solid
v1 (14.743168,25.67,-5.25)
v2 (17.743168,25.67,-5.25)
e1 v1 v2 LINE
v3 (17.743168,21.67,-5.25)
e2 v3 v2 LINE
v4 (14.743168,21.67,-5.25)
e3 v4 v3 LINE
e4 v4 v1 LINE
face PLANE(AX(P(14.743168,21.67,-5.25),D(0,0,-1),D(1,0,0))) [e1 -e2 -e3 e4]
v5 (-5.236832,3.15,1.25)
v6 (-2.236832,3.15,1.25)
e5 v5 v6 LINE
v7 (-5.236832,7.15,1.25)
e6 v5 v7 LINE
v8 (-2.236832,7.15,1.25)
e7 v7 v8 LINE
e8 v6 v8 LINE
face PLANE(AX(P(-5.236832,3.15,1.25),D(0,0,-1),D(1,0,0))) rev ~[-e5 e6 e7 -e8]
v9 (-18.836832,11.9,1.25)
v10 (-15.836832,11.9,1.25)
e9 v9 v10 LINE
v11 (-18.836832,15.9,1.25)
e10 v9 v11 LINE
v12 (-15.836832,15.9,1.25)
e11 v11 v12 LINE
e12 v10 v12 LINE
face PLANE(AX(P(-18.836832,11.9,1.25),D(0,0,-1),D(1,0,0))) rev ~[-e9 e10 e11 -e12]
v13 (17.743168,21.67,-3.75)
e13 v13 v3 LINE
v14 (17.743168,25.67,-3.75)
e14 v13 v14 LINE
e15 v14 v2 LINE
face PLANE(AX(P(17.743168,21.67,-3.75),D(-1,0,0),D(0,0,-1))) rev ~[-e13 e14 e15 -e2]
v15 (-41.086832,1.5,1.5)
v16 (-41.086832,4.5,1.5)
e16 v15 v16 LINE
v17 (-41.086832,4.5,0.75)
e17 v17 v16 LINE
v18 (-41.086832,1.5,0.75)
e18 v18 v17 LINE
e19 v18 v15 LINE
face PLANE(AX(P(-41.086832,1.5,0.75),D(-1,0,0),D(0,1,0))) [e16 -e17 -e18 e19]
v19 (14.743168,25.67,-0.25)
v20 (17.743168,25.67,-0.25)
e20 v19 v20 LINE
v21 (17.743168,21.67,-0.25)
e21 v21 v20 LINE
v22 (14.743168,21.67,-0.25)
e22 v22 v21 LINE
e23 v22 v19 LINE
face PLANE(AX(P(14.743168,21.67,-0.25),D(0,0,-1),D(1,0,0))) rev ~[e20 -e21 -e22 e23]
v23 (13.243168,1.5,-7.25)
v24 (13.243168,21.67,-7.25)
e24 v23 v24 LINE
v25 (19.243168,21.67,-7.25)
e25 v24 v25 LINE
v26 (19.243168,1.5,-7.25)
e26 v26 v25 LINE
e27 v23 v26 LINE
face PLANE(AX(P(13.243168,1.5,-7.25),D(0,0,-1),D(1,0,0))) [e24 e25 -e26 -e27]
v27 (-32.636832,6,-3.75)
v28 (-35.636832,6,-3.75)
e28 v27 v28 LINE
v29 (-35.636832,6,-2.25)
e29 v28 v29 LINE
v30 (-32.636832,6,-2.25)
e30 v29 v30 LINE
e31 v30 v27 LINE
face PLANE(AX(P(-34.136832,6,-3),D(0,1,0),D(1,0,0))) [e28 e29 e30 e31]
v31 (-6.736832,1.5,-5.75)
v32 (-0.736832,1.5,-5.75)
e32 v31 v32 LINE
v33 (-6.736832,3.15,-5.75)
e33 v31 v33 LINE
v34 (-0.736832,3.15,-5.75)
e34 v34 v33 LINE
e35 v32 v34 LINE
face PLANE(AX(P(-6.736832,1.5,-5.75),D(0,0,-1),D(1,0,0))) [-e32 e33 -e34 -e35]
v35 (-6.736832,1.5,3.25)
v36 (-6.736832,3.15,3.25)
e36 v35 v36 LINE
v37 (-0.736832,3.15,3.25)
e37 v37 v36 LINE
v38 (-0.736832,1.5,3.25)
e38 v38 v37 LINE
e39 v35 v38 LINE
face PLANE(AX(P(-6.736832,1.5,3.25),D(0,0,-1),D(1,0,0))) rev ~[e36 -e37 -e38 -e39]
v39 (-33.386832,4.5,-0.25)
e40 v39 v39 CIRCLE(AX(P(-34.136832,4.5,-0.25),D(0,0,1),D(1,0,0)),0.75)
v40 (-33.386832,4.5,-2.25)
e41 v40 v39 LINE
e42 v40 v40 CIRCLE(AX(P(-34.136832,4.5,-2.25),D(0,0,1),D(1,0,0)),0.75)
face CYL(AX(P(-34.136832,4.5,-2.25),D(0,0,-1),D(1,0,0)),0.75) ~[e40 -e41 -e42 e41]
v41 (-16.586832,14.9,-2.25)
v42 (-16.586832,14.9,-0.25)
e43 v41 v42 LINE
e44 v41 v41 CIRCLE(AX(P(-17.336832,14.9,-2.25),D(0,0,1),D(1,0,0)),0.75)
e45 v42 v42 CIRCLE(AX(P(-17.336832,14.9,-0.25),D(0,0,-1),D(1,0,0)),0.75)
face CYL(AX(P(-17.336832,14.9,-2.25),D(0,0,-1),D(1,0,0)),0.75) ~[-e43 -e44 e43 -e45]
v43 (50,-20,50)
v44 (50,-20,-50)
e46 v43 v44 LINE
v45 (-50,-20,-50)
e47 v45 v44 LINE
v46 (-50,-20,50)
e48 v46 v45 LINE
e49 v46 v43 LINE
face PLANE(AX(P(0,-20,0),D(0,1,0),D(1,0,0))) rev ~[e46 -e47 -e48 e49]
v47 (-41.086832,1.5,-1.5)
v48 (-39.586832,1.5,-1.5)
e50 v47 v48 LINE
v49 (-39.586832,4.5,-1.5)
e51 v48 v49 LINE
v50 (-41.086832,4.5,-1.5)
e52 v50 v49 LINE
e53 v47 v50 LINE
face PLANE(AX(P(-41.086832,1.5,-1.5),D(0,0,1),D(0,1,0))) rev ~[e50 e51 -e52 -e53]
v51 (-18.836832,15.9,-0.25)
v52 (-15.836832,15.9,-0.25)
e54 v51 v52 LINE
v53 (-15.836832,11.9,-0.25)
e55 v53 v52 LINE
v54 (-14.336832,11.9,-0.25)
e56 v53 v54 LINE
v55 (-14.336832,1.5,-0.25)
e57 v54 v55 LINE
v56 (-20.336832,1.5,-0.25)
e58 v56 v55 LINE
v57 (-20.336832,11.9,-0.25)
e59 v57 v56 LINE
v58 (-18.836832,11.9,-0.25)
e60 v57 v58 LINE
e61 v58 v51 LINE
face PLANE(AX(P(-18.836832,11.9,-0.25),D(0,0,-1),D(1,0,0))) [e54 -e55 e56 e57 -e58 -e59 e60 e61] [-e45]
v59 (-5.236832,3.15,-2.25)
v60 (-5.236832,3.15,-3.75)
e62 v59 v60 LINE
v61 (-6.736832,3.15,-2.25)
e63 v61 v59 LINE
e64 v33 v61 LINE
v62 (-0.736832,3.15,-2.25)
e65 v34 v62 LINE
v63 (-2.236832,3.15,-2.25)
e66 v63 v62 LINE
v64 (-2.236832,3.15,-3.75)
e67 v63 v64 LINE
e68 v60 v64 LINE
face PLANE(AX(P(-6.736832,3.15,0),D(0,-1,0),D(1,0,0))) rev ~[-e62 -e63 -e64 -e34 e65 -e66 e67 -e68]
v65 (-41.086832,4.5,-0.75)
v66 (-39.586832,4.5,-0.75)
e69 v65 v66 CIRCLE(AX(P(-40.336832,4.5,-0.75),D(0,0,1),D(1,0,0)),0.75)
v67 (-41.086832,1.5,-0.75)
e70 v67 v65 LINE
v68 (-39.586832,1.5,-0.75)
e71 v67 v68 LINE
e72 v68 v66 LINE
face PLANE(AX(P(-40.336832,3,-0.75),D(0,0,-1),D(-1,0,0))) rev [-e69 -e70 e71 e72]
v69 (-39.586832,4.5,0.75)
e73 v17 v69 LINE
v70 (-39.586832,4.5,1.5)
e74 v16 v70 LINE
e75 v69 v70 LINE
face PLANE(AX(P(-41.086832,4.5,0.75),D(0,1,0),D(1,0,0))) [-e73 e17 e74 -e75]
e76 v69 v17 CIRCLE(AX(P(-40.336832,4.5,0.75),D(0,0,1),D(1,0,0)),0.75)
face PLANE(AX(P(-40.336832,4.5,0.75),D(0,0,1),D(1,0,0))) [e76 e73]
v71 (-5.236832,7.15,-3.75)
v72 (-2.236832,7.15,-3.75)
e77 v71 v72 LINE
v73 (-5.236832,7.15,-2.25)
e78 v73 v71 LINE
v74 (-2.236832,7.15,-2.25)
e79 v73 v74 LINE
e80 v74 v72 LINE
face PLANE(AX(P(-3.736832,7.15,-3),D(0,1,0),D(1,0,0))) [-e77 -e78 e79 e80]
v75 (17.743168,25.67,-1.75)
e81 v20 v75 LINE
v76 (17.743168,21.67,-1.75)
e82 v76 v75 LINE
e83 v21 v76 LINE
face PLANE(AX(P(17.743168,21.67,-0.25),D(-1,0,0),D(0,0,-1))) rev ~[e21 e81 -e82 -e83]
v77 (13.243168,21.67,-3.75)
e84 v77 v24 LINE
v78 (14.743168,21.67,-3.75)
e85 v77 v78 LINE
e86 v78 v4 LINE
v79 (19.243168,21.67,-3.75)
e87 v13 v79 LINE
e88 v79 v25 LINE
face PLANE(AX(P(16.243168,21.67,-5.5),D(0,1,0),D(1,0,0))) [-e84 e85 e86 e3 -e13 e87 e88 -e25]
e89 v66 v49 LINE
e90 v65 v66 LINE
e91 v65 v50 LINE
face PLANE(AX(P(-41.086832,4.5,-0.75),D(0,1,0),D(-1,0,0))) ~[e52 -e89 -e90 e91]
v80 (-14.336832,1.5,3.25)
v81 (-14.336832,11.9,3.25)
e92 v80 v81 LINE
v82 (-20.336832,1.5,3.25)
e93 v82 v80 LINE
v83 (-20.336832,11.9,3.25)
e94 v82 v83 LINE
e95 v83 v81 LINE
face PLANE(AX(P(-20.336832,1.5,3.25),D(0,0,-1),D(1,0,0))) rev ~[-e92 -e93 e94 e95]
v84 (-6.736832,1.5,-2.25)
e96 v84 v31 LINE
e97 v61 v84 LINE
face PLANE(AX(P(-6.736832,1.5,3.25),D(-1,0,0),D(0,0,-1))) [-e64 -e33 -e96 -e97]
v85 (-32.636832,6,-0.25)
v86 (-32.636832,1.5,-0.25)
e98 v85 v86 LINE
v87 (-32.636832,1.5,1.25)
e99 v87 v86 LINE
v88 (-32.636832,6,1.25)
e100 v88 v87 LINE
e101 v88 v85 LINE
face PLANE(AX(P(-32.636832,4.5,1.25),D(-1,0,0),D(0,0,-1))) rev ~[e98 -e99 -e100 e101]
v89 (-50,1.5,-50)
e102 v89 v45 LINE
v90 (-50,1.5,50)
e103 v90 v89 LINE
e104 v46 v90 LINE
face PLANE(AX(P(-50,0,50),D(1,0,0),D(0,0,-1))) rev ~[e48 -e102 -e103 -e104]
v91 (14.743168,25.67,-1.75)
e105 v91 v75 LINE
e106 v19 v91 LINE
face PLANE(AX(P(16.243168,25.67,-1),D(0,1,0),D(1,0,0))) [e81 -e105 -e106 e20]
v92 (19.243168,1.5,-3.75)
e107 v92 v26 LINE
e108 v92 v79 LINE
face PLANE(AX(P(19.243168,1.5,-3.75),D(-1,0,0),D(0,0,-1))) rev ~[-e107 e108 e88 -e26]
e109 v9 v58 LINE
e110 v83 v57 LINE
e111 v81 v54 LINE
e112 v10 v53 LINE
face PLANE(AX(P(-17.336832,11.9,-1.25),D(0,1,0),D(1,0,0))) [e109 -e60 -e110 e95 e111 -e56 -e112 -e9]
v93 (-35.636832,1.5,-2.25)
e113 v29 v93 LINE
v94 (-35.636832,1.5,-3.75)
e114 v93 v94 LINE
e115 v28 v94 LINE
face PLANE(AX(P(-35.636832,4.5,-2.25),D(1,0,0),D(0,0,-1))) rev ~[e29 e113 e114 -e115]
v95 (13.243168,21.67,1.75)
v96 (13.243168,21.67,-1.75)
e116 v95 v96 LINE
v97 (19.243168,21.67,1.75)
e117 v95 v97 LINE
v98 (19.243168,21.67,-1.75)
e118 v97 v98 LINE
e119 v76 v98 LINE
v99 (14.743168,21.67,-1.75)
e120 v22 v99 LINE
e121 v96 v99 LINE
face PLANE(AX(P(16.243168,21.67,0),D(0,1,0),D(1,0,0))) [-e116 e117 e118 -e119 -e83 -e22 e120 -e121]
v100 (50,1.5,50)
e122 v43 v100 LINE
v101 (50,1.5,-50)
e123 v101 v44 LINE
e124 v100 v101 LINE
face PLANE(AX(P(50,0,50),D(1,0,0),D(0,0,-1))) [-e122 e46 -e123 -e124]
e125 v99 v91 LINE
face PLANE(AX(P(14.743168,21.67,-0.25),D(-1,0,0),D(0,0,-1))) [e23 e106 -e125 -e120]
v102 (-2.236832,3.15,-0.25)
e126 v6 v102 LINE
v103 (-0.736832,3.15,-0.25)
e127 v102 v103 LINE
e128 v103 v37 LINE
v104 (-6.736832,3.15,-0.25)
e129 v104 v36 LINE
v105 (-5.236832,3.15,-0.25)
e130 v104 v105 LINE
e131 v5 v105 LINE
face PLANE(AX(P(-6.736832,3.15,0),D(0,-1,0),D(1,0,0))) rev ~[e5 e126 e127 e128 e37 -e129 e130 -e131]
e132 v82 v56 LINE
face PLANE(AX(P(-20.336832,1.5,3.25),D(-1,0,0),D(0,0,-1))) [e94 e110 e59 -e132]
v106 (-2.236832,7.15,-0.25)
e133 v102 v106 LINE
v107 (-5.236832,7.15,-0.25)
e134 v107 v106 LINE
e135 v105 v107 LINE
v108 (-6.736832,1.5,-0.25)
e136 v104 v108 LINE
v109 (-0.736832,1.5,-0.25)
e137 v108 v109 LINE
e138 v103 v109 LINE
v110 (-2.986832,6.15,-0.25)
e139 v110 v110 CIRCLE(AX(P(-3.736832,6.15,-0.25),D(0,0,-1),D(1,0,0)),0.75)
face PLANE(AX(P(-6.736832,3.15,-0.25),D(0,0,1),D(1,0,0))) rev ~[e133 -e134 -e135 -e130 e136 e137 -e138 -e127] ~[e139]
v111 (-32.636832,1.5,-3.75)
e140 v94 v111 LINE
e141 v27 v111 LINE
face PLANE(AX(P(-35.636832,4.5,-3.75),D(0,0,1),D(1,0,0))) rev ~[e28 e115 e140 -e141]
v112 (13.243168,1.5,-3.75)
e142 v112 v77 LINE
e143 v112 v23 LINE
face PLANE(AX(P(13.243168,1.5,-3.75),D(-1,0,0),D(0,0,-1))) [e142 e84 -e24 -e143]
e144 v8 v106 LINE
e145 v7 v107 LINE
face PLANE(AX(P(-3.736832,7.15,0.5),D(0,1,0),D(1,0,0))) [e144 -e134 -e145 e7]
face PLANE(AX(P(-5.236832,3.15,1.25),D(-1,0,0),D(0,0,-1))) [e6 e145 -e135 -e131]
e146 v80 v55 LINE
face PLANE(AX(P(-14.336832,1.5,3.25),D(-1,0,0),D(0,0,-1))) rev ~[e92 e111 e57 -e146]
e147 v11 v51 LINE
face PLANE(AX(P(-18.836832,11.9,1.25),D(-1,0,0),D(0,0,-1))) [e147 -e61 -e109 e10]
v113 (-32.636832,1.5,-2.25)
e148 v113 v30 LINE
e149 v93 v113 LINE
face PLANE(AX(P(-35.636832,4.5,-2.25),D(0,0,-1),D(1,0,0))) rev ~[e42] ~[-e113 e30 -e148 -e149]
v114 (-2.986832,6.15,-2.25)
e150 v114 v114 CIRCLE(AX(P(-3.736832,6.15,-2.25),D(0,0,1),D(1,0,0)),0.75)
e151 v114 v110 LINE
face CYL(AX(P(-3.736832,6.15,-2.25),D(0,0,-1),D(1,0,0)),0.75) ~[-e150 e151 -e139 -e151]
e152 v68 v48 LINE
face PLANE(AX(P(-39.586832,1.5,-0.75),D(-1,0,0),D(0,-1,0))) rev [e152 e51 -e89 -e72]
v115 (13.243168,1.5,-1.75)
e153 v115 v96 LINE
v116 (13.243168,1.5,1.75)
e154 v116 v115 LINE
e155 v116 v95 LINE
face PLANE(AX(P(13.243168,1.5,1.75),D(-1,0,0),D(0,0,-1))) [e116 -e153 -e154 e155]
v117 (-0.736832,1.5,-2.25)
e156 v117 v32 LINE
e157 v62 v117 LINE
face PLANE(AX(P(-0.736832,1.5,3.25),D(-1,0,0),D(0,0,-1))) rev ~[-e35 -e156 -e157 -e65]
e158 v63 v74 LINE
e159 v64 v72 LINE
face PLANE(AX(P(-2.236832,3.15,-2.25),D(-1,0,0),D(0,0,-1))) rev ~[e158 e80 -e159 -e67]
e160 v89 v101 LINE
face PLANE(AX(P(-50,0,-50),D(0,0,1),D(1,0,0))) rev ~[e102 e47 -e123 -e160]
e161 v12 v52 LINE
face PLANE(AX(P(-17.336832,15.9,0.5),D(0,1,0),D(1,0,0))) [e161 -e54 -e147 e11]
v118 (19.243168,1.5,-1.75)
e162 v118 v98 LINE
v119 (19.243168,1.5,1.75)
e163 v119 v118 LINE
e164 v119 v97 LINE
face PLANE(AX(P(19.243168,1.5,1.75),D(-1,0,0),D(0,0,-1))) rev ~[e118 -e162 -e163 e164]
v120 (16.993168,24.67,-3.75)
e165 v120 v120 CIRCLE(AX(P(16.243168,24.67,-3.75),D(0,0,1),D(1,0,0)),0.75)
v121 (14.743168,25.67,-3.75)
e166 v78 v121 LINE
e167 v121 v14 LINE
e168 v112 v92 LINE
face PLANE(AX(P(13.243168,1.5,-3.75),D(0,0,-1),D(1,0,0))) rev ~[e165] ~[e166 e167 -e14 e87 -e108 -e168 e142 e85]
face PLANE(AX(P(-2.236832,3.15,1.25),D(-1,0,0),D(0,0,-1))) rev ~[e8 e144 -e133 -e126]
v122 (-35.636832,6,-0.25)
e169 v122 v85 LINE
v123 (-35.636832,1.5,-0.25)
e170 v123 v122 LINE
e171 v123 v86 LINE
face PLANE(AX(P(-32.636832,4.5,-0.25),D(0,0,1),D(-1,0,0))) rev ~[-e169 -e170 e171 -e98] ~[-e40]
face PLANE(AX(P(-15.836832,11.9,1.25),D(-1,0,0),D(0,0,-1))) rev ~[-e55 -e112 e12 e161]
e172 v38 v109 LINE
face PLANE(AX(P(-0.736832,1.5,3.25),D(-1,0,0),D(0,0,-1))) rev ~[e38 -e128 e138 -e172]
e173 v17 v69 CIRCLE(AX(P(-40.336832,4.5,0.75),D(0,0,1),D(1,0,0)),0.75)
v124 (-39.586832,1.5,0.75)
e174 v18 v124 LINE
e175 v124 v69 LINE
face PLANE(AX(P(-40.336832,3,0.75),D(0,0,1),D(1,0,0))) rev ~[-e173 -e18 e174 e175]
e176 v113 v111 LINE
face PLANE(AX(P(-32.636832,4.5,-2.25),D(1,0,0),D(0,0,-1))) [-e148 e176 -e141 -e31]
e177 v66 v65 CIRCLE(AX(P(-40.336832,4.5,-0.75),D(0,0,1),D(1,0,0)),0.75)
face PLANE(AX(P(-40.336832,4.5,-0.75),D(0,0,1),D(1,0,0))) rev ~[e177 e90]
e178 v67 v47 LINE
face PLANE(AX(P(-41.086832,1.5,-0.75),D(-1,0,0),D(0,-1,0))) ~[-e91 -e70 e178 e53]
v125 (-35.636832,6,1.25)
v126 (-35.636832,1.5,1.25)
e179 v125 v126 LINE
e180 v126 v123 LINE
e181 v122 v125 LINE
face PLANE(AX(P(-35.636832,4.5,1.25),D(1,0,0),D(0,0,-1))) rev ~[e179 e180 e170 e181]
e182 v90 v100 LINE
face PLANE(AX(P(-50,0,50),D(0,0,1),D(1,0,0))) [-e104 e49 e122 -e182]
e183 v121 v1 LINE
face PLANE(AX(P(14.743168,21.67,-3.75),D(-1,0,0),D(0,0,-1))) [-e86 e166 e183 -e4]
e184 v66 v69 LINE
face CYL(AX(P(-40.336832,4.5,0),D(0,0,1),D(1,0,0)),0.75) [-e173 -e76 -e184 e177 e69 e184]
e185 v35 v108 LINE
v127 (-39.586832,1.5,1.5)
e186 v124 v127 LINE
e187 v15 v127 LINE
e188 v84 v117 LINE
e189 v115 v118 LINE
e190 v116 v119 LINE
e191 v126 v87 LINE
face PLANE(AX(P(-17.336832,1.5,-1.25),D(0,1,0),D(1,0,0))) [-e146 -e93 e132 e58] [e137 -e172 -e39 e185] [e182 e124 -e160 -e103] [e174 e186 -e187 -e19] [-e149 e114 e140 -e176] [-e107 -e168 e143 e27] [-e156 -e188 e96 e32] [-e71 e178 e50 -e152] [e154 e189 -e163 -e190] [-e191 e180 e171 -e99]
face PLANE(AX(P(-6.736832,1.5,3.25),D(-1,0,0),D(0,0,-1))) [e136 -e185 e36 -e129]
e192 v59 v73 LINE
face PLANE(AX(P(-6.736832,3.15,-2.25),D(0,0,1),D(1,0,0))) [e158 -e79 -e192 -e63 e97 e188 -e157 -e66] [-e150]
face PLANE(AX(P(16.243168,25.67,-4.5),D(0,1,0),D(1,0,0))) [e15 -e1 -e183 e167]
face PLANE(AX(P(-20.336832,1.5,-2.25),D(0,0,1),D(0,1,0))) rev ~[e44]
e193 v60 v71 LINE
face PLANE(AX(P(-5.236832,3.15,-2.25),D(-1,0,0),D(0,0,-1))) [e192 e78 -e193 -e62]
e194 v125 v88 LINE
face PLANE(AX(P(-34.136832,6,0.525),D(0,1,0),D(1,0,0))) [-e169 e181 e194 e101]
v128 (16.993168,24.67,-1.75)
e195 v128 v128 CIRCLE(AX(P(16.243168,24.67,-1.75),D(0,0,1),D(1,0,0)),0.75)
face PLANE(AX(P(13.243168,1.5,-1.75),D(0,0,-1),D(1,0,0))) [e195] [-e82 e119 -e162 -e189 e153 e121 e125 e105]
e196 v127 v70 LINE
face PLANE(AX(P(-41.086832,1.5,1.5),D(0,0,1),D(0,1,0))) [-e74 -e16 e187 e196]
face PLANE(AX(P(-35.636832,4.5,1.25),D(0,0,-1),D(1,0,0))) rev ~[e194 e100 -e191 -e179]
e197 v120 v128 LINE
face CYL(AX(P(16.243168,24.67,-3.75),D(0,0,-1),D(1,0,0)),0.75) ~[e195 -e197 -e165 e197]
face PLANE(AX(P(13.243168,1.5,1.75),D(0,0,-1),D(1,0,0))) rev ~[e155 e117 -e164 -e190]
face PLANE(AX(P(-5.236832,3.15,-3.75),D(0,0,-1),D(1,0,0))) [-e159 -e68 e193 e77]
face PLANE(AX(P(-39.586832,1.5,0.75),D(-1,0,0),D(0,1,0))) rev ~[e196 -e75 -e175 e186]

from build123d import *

# Parameters (mm, degrees)
SKETCH_1_W             = 100
SKETCH_1_H             = 100
EXTRUDE_1_DEPTH        = 1.5
EXTRUDE_1_DEPTH_BACK   = 20
SKETCH_2_R             = 0.75
EXTRUDE_2_DEPTH        = 0.75
SKETCH_3_W             = 1.5
SKETCH_3_H             = 3
EXTRUDE_3_DEPTH        = 1.5
SKETCH_5_W             = 3
SKETCH_5_H             = 1.5
EXTRUDE_4_DEPTH        = 3
SKETCH_7_R             = 0.75
EXTRUDE_5_DEPTH        = 2.5
SKETCH_8_W             = 6
SKETCH_8_H             = 9
EXTRUDE_6_DEPTH        = 10.4
SKETCH_9_W             = 3
SKETCH_9_H             = 1.5
EXTRUDE_7_DEPTH        = 4
SKETCH_10_R            = 0.75
EXTRUDE_8_DEPTH        = 3
SKETCH_11_W            = 6
SKETCH_11_H            = 2
CUT_EXTRUDE_1_DEPTH    = 10.4
SKETCH_12_W            = 6
SKETCH_12_H            = 3.5
EXTRUDE_9_DEPTH        = 20.17
SKETCH_13_W            = 3
SKETCH_13_H            = 1.5
EXTRUDE_10_DEPTH       = 4
SKETCH_14_R            = 0.75
EXTRUDE_11_DEPTH       = 2
PATTERN_LINEAR_2_COUNT = 2
PATTERN_LINEAR_2_PITCH = 13.6
SKETCH_16_W            = 6
SKETCH_16_H            = 8.75
CUT_EXTRUDE_2_DEPTH    = 9.25
SKETCH_17_W            = 6
SKETCH_17_H            = 2
CUT_EXTRUDE_3_DEPTH    = 1.65
SKETCH_18_W            = 3
SKETCH_18_H            = 1.5
EXTRUDE_12_DEPTH       = 4
SKETCH_19_R            = 0.75
EXTRUDE_13_DEPTH       = 3
EXTRUDE_14_DEPTH       = 1.5
SKETCH_21_W            = 0.75
SKETCH_21_H            = 3
CUT_EXTRUDE_4_DEPTH    = 1.5
SKETCH_22_W            = 1.5
SKETCH_22_H            = 0.5
EXTRUDE_15_DEPTH       = 2.5
SKETCH_23_W            = 3.5
SKETCH_23_H            = 14.4
CUT_EXTRUDE_5_DEPTH    = 6


with BuildPart() as part:
    # 草圖1 → 填料-伸長1 (new body, two sides)
    with BuildSketch(Plane(origin=(0, 0, 0), x_dir=(1, 0, 0), z_dir=(0, 1, 0))) as extrude_1_sk:
        Rectangle(SKETCH_1_W, SKETCH_1_H)
    extrude(amount=EXTRUDE_1_DEPTH)
    extrude(extrude_1_sk.sketch, amount=-EXTRUDE_1_DEPTH_BACK)



with BuildPart() as body_2:
    # 草圖2 → 填料-伸長2 (new body, symmetric)
    with BuildSketch(Plane.XY):
        with Locations((-40.336831864, 4.5)):
            Circle(SKETCH_2_R)
    extrude(amount=EXTRUDE_2_DEPTH, both=True)


with BuildPart() as part_1:
    add(part.part)

    add(body_2.part)  # 填料-伸長3 merges body 2
    # 草圖3 → 填料-伸長3 (add)
    with BuildSketch(Plane.XY.offset(0.75)):
        with Locations((-40.336831864, 3)):
            Rectangle(SKETCH_3_W, SKETCH_3_H)
    extrude_3 = extrude(amount=EXTRUDE_3_DEPTH)

    # 鏡射1: 填料-伸長3 across plane
    add(extrude_3.mirror(Plane.XY))

    # 草圖5 → 填料-伸長4 (add)
    with BuildSketch(Plane(origin=(0, 4.5, 0), x_dir=(1, 0, 0), z_dir=(0, 1, 0))):
        with Locations((-34.136831864, -0.5)):
            Rectangle(SKETCH_5_W, SKETCH_5_H)
        with Locations((-34.136831864, 3)):
            Rectangle(SKETCH_5_W, SKETCH_5_H)
    extrude(amount=-EXTRUDE_4_DEPTH)

    # 草圖7 → 填料-伸長5 (add)
    with BuildSketch(Plane.XY.offset(-2.25)):
        with Locations((-34.136831864, 4.5)):
            Circle(SKETCH_7_R)
    extrude(amount=EXTRUDE_5_DEPTH)

    # 草圖8 → 填料-伸長6 (add)
    with BuildSketch(Plane(origin=(0, 1.5, 0), x_dir=(1, 0, 0), z_dir=(0, 1, 0))):
        with Locations((-17.336831864, 1.25)):
            Rectangle(SKETCH_8_W, SKETCH_8_H)
    extrude_6 = extrude(amount=EXTRUDE_6_DEPTH)

    # 草圖9 → 填料-伸長7 (add)
    with BuildSketch(Plane(origin=(0, 11.9, 0), x_dir=(1, 0, 0), z_dir=(0, 1, 0))):
        with Locations((-17.336831864, 3)):
            Rectangle(SKETCH_9_W, SKETCH_9_H)
        with Locations((-17.336831864, -0.5)):
            Rectangle(SKETCH_9_W, SKETCH_9_H)
    extrude(amount=EXTRUDE_7_DEPTH)

    # 草圖10 → 填料-伸長8 (add)
    with BuildSketch(Plane.XY.offset(-2.25)):
        with Locations((-17.336831864, 14.9)):
            Circle(SKETCH_10_R)
    extrude(amount=EXTRUDE_8_DEPTH)

    # 草圖11 → 除料-伸長1 (cut)
    with BuildSketch(Plane(origin=(0, 11.9, 0), x_dir=(1, 0, 0), z_dir=(0, 1, 0))):
        with Locations((-17.336831864, 1.25)):
            Rectangle(SKETCH_11_W, SKETCH_11_H)
    extrude(amount=-CUT_EXTRUDE_1_DEPTH, mode=Mode.SUBTRACT)

    # 草圖12 → 填料-伸長9 (add)
    with BuildSketch(Plane(origin=(0, 1.5, 0), x_dir=(1, 0, 0), z_dir=(0, 1, 0))):
        with Locations((16.243168136, 0)):
            Rectangle(SKETCH_12_W, SKETCH_12_H)
        with Locations((16.243168136, 5.5)):
            Rectangle(SKETCH_12_W, SKETCH_12_H)
    extrude(amount=EXTRUDE_9_DEPTH)

    # 草圖13 → 填料-伸長10 (add)
    with BuildSketch(Plane(origin=(0, 21.67, 0), x_dir=(1, 0, 0), z_dir=(0, 1, 0))):
        with Locations((16.243168136, 1)):
            Rectangle(SKETCH_13_W, SKETCH_13_H)
        with Locations((16.243168136, 4.5)):
            Rectangle(SKETCH_13_W, SKETCH_13_H)
    extrude(amount=EXTRUDE_10_DEPTH)

    # 草圖14 → 填料-伸長11 (add)
    with BuildSketch(Plane.XY.offset(-3.75)):
        with Locations((16.243168136, 24.67)):
            Circle(SKETCH_14_R)
    extrude(amount=EXTRUDE_11_DEPTH)

    # 直線複製排列2: 填料-伸長6 ×2
    with Locations(*[(i * PATTERN_LINEAR_2_PITCH, 0, 0) for i in range(1, PATTERN_LINEAR_2_COUNT)]):
        add(extrude_6)

    # 草圖16 → 除料-伸長2 (cut, symmetric)
    with BuildSketch(Plane.XY):
        with Locations((-3.736831864, 7.525)):
            Rectangle(SKETCH_16_W, SKETCH_16_H)
    extrude(amount=CUT_EXTRUDE_2_DEPTH, both=True, mode=Mode.SUBTRACT)

    # 草圖17 → 除料-伸長3 (cut)
    with BuildSketch(Plane(origin=(0, 3.15, 0), x_dir=(1, 0, 0), z_dir=(0, 1, 0))):
        with Locations((-3.736831864, 1.25)):
            Rectangle(SKETCH_17_W, SKETCH_17_H)
    extrude(amount=-CUT_EXTRUDE_3_DEPTH, mode=Mode.SUBTRACT)

    # 草圖18 → 填料-伸長12 (add)
    with BuildSketch(Plane(origin=(0, 3.15, 0), x_dir=(1, 0, 0), z_dir=(0, 1, 0))):
        with Locations((-3.736831864, 3)):
            Rectangle(SKETCH_18_W, SKETCH_18_H)
        with Locations((-3.736831864, -0.5)):
            Rectangle(SKETCH_18_W, SKETCH_18_H)
    extrude(amount=EXTRUDE_12_DEPTH)

    # 草圖19 → 填料-伸長13 (add)
    with BuildSketch(Plane.XY.offset(-2.25)):
        with Locations((-3.736831864, 6.15)):
            Circle(SKETCH_19_R)
    extrude(amount=EXTRUDE_13_DEPTH)

    # 草圖20 → 填料-伸長14 (add)
    with BuildSketch(Plane(origin=(0, 4.5, 0), x_dir=(1, 0, 0), z_dir=(0, 1, 0))):
        Polygon((-32.636831864, 0.25), (-33.386831864, 0.25), (-33.386831864, -0.25), (-34.886831864, -0.25), (-34.886831864, 0.25), (-35.636831864, 0.25), (-35.636831864, -1.25), (-32.636831864, -1.25), align=None)
        Polygon((-35.636831864, 3.75), (-35.636831864, 2.25), (-34.886831864, 2.25), (-33.386831864, 2.25), (-32.636831864, 2.25), (-32.636831864, 3.75), align=None)
    extrude(amount=EXTRUDE_14_DEPTH)

    # 草圖21 → 除料-伸長4 (cut)
    with BuildSketch(Plane.ZY.offset(41.086831864)):
        with Locations((1.875, 3)):
            Rectangle(SKETCH_21_W, SKETCH_21_H)
        with Locations((-1.875, 3)):
            Rectangle(SKETCH_21_W, SKETCH_21_H)
    extrude(amount=-CUT_EXTRUDE_4_DEPTH, mode=Mode.SUBTRACT)

    # 草圖22 → 填料-伸長15 (add)
    with BuildSketch(Plane(origin=(0, 6, 0), x_dir=(1, 0, 0), z_dir=(0, 1, 0))):
        with Locations((-34.136831864, 0)):
            Rectangle(SKETCH_22_W, SKETCH_22_H)
    extrude(amount=-EXTRUDE_15_DEPTH)

    # 草圖23 → 除料-伸長5 (cut)
    with BuildSketch(Plane.ZY.offset(20.336831864)):
        with Locations((-4, 8.7)):
            Rectangle(SKETCH_23_W, SKETCH_23_H)
    extrude(amount=-CUT_EXTRUDE_5_DEPTH, mode=Mode.SUBTRACT)


solid = part_1.part
